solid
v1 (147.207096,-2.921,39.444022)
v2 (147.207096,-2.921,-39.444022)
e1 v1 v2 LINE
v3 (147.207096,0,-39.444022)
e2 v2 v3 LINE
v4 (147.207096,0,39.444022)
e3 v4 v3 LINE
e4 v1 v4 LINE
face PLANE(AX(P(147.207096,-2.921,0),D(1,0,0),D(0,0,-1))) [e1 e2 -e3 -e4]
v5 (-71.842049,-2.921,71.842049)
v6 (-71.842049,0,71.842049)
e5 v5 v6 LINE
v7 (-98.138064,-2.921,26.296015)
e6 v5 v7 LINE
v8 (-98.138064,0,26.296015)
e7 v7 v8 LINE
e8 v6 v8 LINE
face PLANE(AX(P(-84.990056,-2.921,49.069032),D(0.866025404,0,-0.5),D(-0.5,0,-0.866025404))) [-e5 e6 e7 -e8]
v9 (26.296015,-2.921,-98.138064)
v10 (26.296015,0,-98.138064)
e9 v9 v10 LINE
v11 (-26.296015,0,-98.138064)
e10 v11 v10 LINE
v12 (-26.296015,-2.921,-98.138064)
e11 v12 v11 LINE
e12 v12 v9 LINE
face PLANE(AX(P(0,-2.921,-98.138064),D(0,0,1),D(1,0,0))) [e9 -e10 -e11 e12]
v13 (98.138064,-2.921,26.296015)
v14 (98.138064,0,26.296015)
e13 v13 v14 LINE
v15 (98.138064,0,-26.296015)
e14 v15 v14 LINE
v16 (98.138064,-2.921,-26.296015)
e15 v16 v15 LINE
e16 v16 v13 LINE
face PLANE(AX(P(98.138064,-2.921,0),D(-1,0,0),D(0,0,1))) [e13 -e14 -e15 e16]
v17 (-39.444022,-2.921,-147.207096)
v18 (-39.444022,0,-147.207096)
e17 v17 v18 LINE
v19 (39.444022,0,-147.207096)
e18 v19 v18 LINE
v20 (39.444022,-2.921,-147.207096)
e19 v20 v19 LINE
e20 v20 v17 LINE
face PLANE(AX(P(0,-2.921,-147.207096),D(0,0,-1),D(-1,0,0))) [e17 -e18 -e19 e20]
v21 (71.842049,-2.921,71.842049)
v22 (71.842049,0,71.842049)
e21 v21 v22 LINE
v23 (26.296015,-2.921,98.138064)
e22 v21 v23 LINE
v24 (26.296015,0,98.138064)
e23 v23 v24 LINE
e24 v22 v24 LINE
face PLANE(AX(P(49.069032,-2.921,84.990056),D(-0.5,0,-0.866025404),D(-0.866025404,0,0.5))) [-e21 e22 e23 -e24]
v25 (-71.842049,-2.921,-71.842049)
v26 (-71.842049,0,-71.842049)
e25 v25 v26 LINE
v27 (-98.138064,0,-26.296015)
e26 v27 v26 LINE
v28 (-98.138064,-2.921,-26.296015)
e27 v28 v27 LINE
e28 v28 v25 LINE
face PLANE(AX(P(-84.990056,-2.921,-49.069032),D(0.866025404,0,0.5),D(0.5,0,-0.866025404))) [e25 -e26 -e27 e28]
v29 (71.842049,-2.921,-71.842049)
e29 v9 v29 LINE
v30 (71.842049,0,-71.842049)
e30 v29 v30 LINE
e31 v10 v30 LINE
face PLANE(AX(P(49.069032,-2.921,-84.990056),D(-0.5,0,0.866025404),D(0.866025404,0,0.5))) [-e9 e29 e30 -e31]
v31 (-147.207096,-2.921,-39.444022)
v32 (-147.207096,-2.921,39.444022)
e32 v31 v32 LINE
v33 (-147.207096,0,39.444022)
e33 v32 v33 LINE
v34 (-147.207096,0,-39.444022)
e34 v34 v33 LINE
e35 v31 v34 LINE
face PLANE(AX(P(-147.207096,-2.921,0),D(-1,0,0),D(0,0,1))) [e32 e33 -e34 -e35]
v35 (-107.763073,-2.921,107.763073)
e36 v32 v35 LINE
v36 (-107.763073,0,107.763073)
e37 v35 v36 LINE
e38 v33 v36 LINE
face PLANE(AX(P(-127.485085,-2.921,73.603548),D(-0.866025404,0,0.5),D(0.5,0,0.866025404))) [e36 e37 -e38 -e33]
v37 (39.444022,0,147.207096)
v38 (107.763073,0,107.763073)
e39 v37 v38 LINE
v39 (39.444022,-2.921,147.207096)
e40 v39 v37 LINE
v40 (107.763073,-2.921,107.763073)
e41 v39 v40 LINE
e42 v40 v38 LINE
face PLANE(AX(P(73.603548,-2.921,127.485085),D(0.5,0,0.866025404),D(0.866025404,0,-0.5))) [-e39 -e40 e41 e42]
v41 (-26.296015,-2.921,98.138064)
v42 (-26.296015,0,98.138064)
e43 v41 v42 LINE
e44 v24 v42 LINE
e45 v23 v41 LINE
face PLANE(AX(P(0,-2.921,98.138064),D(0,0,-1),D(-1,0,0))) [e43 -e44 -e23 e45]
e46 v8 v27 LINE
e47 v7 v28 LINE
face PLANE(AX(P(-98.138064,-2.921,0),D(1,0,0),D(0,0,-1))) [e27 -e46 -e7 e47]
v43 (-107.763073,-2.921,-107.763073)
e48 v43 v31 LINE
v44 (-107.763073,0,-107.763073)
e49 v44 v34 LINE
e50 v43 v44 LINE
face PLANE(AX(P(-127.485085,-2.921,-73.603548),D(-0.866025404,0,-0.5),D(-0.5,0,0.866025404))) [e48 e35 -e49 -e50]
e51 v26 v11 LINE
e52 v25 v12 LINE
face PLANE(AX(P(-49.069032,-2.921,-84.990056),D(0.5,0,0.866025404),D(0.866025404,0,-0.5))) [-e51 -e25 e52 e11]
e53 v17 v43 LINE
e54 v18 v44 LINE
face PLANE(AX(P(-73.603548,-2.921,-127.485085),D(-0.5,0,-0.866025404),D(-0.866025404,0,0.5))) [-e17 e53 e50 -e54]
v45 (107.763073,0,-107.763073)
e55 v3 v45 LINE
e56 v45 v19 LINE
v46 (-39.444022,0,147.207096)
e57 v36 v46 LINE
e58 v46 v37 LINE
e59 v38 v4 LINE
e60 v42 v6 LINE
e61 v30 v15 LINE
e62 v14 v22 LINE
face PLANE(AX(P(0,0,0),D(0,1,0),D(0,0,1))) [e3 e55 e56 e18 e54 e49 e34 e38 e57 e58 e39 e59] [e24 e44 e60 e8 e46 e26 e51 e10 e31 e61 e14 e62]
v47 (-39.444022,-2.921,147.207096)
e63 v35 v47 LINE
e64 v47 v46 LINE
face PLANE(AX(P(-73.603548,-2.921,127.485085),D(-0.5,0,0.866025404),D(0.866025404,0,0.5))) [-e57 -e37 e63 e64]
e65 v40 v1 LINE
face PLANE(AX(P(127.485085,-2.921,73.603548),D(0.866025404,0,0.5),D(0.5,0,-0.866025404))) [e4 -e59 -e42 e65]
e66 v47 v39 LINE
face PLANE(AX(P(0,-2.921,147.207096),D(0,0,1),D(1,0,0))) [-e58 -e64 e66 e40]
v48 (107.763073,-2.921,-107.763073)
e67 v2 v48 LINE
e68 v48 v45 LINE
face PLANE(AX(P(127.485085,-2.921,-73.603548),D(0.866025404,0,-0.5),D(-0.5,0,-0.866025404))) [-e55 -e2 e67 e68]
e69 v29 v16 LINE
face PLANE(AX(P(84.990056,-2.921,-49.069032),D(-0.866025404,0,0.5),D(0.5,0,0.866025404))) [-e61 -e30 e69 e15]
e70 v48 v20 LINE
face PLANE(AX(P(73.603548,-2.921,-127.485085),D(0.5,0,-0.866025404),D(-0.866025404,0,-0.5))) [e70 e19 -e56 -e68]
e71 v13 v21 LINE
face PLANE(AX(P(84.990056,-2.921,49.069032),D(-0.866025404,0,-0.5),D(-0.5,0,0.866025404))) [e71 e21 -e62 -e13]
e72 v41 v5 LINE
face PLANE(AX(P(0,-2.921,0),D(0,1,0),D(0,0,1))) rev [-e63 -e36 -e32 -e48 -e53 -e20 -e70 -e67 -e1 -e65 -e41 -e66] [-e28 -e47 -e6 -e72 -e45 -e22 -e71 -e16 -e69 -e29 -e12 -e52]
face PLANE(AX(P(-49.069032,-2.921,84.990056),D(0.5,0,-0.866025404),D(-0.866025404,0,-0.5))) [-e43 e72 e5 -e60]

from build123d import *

# Parameters (mm, degrees)
BOSS_EXTRUDE1_DEPTH = 2.921
CUT_EXTRUDE1_DEPTH  = 209.202762766


with BuildPart() as part:
    # Sketch1 → Boss-Extrude1 (new body)
    with BuildSketch(Plane(origin=(0, 0, 0), x_dir=(1, 0, 0), z_dir=(0, 1, 0))):
        Polygon((147.207095926, 39.444022474), (107.763073453, 107.763073453), (39.444022474, 147.207095926), (-39.444022474, 147.207095926), (-107.763073453, 107.763073453), (-147.207095926, 39.444022474), (-147.207095926, -39.444022474), (-107.763073453, -107.763073453), (-39.444022474, -147.207095926), (39.444022474, -147.207095926), (107.763073453, -107.763073453), (147.207095926, -39.444022474), align=None)
    extrude(amount=-BOSS_EXTRUDE1_DEPTH)

    # Sketch3 → Cut-Extrude1 (cut, through all)
    with BuildSketch(Plane(origin=(0, 0, 0), x_dir=(1, 0, 0), z_dir=(0, 1, 0))):
        Polygon((-98.138063951, 26.296014982), (-71.842048969, 71.842048969), (-26.296014982, 98.138063951), (26.296014982, 98.138063951), (71.842048969, 71.842048969), (98.138063951, 26.296014982), (98.138063951, -26.296014982), (71.842048969, -71.842048969), (26.296014982, -98.138063951), (-26.296014982, -98.138063951), (-71.842048969, -71.842048969), (-98.138063951, -26.296014982), align=None)
    extrude(amount=-CUT_EXTRUDE1_DEPTH, mode=Mode.SUBTRACT)


solid = part.part
